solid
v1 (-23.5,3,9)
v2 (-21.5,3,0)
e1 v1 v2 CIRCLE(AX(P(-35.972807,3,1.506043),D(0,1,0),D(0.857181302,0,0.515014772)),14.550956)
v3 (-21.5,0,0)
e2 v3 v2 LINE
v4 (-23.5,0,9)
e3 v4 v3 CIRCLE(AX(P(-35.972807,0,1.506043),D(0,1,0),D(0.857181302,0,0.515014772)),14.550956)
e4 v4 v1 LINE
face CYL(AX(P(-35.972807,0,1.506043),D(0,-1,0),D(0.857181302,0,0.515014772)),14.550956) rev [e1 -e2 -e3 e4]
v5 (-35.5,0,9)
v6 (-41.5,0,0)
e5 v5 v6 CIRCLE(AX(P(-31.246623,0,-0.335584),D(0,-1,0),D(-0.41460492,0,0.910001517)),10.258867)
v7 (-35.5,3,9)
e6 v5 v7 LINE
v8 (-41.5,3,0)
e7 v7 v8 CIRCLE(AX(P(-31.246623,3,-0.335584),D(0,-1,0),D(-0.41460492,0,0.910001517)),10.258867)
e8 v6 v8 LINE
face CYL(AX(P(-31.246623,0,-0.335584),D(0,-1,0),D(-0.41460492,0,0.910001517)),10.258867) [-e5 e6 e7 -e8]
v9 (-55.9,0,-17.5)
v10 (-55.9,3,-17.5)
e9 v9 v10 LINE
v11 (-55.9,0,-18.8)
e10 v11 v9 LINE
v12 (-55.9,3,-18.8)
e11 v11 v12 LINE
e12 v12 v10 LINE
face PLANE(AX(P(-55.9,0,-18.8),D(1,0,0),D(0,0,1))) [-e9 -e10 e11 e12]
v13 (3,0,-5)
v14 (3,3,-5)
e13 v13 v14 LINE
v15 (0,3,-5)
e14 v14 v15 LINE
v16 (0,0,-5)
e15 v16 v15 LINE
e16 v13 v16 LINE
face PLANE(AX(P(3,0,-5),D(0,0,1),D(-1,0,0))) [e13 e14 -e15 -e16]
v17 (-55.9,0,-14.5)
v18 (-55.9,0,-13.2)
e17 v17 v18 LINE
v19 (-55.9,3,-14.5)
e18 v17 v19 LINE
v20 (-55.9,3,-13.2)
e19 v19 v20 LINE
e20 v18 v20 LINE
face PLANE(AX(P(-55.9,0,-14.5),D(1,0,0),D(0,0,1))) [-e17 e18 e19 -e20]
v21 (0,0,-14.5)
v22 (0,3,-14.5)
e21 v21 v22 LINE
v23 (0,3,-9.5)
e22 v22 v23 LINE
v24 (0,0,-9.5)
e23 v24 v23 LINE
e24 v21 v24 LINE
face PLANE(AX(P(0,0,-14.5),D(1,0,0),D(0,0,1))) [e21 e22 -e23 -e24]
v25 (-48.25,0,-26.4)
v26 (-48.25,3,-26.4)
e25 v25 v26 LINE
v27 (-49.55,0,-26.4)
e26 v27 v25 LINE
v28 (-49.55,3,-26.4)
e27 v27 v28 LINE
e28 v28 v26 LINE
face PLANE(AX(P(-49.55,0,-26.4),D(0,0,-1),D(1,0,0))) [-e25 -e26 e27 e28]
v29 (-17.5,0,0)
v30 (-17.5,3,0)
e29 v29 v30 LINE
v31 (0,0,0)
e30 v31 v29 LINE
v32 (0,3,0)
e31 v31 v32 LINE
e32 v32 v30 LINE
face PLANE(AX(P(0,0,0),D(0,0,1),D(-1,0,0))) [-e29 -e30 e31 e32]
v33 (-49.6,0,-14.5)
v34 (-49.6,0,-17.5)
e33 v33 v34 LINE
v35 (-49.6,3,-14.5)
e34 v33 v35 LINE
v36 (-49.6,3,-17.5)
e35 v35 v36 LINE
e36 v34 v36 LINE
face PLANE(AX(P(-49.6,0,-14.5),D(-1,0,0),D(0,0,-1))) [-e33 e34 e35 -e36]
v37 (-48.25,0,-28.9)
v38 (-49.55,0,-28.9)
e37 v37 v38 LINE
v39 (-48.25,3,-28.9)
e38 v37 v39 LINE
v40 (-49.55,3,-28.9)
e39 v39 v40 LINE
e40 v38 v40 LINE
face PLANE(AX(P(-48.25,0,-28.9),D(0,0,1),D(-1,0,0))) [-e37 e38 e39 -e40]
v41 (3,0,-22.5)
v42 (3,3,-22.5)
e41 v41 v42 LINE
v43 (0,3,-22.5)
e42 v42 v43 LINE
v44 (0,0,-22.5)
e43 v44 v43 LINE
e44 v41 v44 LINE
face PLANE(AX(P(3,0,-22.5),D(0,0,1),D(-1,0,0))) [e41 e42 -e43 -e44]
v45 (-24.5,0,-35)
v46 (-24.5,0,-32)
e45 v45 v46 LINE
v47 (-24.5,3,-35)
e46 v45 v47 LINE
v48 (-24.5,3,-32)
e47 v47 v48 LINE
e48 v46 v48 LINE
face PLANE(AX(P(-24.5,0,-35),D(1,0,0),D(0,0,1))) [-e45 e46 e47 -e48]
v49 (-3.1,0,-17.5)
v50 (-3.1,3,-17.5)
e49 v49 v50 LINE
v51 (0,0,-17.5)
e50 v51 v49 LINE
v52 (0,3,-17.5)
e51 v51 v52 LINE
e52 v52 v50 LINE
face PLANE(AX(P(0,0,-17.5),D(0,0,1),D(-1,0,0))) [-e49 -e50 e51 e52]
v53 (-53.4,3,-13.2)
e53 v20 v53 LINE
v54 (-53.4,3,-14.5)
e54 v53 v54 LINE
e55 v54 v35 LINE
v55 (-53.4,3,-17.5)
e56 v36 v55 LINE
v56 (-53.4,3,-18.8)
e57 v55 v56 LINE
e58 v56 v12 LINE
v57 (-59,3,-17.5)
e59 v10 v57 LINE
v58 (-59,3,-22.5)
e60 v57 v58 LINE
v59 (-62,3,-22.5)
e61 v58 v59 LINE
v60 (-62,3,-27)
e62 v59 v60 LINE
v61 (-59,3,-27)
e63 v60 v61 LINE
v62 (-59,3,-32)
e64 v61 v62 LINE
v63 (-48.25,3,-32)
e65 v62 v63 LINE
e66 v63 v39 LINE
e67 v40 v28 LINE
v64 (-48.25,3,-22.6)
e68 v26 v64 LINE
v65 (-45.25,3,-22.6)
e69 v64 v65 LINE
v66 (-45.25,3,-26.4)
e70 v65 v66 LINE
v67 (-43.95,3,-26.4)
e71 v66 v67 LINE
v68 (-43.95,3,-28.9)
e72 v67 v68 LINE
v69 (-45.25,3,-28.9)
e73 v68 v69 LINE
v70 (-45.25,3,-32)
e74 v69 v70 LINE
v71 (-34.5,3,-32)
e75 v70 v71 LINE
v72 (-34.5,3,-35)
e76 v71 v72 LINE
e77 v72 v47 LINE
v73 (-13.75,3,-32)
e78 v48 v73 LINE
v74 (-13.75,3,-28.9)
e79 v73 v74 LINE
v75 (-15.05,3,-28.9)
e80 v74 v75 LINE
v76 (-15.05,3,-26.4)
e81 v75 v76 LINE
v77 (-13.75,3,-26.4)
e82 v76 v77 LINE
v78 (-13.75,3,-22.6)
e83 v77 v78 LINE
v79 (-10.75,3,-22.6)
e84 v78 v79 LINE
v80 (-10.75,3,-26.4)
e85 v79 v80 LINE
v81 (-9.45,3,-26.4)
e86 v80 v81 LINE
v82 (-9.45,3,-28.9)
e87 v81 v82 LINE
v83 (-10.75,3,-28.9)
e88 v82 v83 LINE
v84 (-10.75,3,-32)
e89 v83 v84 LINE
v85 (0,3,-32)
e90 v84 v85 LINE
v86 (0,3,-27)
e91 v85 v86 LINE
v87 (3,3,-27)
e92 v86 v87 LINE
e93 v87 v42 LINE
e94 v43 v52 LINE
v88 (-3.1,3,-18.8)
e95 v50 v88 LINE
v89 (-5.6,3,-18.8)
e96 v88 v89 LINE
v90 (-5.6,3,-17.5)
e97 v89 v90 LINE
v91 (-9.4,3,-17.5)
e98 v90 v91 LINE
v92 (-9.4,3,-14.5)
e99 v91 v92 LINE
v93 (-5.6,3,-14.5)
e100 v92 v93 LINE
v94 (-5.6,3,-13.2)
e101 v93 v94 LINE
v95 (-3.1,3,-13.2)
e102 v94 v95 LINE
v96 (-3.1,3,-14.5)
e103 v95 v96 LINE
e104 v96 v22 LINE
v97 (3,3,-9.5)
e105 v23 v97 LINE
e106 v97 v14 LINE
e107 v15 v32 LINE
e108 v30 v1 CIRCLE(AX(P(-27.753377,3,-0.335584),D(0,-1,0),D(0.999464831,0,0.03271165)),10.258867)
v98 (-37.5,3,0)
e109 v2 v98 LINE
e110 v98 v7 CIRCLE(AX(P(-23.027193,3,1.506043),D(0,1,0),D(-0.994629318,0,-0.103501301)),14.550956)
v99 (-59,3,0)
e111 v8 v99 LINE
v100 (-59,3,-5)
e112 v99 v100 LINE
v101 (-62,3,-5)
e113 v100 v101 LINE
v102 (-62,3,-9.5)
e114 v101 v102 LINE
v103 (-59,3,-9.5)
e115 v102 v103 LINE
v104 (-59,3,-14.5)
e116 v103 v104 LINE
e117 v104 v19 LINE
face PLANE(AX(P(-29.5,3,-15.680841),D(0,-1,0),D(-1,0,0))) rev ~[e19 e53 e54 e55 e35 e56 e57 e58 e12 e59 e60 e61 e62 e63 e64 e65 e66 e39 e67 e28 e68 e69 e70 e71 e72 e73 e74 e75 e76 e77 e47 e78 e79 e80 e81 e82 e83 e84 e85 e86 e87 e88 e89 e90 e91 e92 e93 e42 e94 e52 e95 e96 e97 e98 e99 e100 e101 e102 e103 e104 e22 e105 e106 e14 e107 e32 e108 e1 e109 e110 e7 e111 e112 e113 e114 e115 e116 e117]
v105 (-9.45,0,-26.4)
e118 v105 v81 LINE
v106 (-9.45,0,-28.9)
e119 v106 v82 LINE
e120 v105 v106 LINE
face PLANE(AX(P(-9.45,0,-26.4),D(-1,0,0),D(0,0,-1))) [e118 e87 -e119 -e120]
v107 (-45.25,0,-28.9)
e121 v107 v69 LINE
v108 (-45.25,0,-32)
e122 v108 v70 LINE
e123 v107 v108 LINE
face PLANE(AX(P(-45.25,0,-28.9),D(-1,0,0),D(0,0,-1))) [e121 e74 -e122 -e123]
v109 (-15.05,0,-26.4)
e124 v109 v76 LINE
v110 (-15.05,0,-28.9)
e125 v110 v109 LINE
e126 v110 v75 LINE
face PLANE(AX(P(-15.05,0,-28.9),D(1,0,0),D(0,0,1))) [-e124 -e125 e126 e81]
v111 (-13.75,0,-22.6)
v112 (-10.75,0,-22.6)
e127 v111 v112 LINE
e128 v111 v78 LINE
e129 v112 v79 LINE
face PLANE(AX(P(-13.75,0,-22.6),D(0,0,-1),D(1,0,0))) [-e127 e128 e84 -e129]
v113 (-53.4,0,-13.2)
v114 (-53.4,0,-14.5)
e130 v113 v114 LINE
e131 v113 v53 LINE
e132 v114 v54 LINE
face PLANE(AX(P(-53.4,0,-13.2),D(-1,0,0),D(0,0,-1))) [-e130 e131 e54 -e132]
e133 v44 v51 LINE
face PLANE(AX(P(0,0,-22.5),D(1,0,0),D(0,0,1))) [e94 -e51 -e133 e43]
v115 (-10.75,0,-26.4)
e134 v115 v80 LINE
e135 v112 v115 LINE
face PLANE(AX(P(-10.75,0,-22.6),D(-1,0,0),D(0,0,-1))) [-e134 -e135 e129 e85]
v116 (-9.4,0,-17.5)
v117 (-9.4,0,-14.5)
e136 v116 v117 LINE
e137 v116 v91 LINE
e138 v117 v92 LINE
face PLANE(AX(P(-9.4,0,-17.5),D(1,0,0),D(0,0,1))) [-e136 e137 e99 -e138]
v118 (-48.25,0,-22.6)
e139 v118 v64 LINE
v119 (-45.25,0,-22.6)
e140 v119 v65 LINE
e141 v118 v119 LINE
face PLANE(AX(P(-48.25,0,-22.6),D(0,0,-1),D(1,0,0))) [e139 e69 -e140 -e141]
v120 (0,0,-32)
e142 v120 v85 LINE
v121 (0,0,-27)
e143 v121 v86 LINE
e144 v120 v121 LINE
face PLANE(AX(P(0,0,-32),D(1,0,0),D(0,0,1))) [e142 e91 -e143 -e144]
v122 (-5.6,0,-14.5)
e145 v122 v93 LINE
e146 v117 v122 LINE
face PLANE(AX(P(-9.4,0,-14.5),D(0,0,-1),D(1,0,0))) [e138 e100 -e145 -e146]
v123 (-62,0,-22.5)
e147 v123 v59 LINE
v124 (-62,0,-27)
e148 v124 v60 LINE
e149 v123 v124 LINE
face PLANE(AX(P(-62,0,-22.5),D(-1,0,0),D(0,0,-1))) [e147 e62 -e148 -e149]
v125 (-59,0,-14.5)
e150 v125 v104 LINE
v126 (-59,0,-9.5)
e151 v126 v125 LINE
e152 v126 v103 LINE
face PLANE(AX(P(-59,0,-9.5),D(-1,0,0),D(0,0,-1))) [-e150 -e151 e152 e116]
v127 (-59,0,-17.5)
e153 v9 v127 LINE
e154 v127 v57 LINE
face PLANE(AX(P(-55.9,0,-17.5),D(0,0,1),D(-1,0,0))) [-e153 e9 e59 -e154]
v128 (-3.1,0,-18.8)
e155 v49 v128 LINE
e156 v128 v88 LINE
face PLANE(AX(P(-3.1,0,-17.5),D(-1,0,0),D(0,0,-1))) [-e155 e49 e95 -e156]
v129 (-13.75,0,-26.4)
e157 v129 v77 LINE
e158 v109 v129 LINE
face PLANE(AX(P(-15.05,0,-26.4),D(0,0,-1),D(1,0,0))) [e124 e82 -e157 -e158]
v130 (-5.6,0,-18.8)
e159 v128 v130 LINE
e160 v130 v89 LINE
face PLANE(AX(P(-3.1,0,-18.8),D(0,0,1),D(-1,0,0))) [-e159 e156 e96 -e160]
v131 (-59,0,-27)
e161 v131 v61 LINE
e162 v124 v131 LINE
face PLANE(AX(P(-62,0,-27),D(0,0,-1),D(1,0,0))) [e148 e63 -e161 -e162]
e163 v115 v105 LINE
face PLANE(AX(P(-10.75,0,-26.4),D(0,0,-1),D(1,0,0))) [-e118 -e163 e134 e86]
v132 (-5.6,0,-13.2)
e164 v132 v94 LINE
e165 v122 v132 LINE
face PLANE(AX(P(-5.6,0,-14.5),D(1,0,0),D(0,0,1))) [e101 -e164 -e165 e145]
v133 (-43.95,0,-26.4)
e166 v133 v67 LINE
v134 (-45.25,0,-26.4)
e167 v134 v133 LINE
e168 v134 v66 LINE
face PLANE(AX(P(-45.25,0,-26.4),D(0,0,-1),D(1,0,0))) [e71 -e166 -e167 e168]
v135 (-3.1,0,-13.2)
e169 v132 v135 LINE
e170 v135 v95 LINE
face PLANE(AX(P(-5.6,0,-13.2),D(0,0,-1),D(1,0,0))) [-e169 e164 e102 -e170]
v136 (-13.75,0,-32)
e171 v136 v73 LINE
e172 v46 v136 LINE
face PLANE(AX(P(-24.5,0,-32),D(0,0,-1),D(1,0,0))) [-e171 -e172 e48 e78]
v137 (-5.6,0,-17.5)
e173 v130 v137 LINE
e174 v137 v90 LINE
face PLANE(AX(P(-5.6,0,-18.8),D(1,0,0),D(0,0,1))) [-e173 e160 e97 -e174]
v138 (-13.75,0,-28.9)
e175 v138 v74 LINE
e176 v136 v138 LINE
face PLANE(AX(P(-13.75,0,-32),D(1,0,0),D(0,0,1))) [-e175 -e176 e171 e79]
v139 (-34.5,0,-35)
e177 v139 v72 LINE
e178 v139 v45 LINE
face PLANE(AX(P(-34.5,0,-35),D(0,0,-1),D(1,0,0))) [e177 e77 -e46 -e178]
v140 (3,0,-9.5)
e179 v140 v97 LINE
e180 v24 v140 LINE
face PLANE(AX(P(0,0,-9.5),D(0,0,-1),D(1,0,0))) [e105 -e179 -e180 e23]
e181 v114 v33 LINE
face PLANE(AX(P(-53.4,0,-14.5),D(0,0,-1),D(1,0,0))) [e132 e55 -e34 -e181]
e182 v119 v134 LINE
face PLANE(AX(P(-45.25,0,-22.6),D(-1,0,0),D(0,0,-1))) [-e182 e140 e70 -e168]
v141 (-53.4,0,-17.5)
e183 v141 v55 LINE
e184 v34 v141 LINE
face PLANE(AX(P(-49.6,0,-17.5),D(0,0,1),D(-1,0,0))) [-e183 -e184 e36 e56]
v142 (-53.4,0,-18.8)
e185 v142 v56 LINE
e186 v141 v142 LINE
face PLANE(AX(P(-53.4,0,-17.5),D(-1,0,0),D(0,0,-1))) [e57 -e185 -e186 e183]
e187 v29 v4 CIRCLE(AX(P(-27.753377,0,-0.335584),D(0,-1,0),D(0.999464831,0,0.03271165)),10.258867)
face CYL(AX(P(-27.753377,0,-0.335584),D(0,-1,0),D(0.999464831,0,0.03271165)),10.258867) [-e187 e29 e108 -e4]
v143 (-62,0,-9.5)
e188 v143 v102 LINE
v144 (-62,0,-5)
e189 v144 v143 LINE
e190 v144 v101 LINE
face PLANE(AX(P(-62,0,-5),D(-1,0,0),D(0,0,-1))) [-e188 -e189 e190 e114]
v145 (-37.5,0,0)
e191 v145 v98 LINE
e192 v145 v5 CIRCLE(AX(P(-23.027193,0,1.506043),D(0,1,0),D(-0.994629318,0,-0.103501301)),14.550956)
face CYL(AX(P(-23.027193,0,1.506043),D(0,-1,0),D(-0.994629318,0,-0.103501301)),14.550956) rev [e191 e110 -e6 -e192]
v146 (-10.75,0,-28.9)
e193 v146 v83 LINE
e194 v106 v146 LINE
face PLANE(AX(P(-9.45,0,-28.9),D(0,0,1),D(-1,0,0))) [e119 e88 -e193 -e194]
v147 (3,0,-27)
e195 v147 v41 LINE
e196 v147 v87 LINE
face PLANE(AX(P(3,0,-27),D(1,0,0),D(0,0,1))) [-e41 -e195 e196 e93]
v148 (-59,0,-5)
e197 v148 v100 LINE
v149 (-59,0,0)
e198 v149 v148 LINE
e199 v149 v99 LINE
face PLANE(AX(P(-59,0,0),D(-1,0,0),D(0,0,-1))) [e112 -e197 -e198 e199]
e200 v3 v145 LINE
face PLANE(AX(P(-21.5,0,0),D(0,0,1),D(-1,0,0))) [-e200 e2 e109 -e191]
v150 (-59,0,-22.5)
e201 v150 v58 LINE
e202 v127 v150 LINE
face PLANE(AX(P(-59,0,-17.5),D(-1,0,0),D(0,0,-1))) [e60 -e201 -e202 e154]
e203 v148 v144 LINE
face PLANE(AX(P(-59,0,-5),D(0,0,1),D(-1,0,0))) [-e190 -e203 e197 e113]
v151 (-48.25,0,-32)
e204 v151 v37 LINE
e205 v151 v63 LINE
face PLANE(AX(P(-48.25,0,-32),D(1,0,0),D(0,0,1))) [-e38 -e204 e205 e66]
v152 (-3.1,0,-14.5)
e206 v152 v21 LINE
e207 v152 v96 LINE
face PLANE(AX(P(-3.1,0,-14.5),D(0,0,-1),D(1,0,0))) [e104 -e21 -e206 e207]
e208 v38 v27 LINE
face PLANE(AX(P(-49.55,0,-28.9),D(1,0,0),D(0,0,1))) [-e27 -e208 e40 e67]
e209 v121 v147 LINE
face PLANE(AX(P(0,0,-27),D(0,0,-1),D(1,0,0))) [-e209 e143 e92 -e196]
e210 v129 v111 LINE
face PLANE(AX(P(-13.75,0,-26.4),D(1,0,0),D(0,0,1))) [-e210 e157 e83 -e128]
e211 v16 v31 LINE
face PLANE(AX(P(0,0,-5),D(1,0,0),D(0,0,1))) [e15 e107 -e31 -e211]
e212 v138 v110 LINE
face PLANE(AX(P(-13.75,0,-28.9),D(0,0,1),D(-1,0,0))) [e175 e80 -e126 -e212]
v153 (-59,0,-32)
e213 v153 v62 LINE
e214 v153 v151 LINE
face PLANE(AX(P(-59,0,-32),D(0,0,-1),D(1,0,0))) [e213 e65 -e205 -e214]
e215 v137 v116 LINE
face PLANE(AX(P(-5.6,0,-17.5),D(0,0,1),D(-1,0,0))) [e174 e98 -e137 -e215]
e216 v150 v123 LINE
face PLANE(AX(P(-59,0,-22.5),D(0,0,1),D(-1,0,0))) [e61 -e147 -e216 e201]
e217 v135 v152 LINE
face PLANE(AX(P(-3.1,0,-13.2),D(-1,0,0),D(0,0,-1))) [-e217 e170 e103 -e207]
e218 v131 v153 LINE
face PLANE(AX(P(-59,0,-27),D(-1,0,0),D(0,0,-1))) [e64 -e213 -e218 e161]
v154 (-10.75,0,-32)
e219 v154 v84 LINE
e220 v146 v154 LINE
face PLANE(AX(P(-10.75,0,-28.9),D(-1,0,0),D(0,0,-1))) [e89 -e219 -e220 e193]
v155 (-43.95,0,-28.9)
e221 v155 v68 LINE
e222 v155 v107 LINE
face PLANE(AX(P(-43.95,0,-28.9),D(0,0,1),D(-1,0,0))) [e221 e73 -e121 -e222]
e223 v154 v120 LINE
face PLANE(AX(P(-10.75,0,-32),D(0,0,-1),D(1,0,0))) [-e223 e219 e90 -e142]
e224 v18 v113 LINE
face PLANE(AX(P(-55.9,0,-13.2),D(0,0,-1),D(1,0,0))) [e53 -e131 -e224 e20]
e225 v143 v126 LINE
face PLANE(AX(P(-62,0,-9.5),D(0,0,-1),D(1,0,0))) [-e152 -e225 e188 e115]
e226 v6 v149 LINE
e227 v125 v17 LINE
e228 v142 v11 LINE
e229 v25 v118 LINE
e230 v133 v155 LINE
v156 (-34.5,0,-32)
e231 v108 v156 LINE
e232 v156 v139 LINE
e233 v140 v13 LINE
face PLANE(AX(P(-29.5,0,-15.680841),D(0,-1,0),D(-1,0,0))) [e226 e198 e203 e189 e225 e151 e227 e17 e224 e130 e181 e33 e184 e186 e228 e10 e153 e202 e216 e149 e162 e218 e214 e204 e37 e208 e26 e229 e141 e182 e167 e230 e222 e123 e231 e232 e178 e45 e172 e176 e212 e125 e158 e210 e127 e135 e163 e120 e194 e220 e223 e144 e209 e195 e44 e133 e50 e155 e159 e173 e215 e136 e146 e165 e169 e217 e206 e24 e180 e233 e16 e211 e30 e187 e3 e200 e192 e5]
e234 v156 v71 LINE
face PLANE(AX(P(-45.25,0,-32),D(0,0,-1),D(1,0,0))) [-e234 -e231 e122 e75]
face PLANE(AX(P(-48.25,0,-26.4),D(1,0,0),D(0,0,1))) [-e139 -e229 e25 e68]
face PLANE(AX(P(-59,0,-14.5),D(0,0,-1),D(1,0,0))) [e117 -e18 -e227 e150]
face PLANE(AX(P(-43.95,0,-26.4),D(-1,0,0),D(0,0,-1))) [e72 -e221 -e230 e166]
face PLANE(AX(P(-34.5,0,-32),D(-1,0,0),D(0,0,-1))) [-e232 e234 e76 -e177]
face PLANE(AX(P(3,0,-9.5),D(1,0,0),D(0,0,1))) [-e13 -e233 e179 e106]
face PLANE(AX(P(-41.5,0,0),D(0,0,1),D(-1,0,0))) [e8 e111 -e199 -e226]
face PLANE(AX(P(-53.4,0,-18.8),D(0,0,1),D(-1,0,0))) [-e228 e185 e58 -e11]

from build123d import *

# Parameters (mm, degrees)
BOSS_EXTRUDE1_DEPTH = 3


with BuildPart() as part:
    # Sketch1 → Boss-Extrude1 (new body)
    with BuildSketch(Plane(origin=(0, 0, 0), x_dir=(1, 0, 0), z_dir=(0, 1, 0))):
        with BuildLine():
            Line((0, 27), (3, 27))
            Line((3, 27), (3, 22.5))
            Line((3, 22.5), (0, 22.5))
            Line((0, 22.5), (0, 17.5))
            Line((0, 17.5), (-3.1, 17.5))
            Line((-3.1, 17.5), (-3.1, 18.8))
            Line((-3.1, 18.8), (-5.6, 18.8))
            Line((-5.6, 18.8), (-5.6, 17.5))
            Line((-5.6, 17.5), (-9.4, 17.5))
            Line((-9.4, 17.5), (-9.4, 14.5))
            Line((-9.4, 14.5), (-5.6, 14.5))
            Line((-5.6, 14.5), (-5.6, 13.2))
            Line((-5.6, 13.2), (-3.1, 13.2))
            Line((-3.1, 13.2), (-3.1, 14.5))
            Line((-3.1, 14.5), (0, 14.5))
            Line((0, 14.5), (0, 9.5))
            Line((0, 9.5), (3, 9.5))
            Line((3, 9.5), (3, 5))
            Line((3, 5), (0, 5))
            Line((0, 5), (0, 0))
            Line((0, 0), (-17.5, 0))
            ThreePointArc((-17.5, 0), (-19.217483451, -5.355011032), (-23.5, -9))
            ThreePointArc((-23.5, -9), (-21.768352481, -4.662588338), (-21.5, 0))
            Line((-21.5, 0), (-37.5, 0))
            ThreePointArc((-37.5, 0), (-37.231647519, -4.662588338), (-35.5, -9))
            ThreePointArc((-35.5, -9), (-39.782516549, -5.355011032), (-41.5, 0))
            Line((-41.5, 0), (-59, 0))
            Line((-59, 0), (-59, 5))
            Line((-59, 5), (-62, 5))
            Line((-62, 5), (-62, 9.5))
            Line((-62, 9.5), (-59, 9.5))
            Line((-59, 9.5), (-59, 14.5))
            Line((-59, 14.5), (-55.9, 14.5))
            Line((-55.9, 14.5), (-55.9, 13.2))
            Line((-55.9, 13.2), (-53.4, 13.2))
            Line((-53.4, 13.2), (-53.4, 14.5))
            Line((-53.4, 14.5), (-49.6, 14.5))
            Line((-49.6, 14.5), (-49.6, 17.5))
            Line((-49.6, 17.5), (-53.4, 17.5))
            Line((-53.4, 17.5), (-53.4, 18.8))
            Line((-53.4, 18.8), (-55.9, 18.8))
            Line((-55.9, 18.8), (-55.9, 17.5))
            Line((-55.9, 17.5), (-59, 17.5))
            Line((-59, 17.5), (-59, 22.5))
            Line((-59, 22.5), (-62, 22.5))
            Line((-62, 22.5), (-62, 27))
            Line((-62, 27), (-59, 27))
            Line((-59, 27), (-59, 32))
            Line((-59, 32), (-48.25, 32))
            Line((-48.25, 32), (-48.25, 28.9))
            Line((-48.25, 28.9), (-49.55, 28.9))
            Line((-49.55, 28.9), (-49.55, 26.4))
            Line((-49.55, 26.4), (-48.25, 26.4))
            Line((-48.25, 26.4), (-48.25, 22.6))
            Line((-48.25, 22.6), (-45.25, 22.6))
            Line((-45.25, 22.6), (-45.25, 26.4))
            Line((-45.25, 26.4), (-43.95, 26.4))
            Line((-43.95, 26.4), (-43.95, 28.9))
            Line((-43.95, 28.9), (-45.25, 28.9))
            Line((-45.25, 28.9), (-45.25, 32))
            Line((-45.25, 32), (-34.5, 32))
            Line((-34.5, 32), (-34.5, 35))
            Line((-34.5, 35), (-24.5, 35))
            Line((-24.5, 35), (-24.5, 32))
            Line((-24.5, 32), (-13.75, 32))
            Line((-13.75, 32), (-13.75, 28.9))
            Line((-13.75, 28.9), (-15.05, 28.9))
            Line((-15.05, 28.9), (-15.05, 26.4))
            Line((-15.05, 26.4), (-13.75, 26.4))
            Line((-13.75, 26.4), (-13.75, 22.6))
            Line((-13.75, 22.6), (-10.75, 22.6))
            Line((-10.75, 22.6), (-10.75, 26.4))
            Line((-10.75, 26.4), (-9.45, 26.4))
            Line((-9.45, 26.4), (-9.45, 28.9))
            Line((-9.45, 28.9), (-10.75, 28.9))
            Line((-10.75, 28.9), (-10.75, 32))
            Line((-10.75, 32), (0, 32))
            Line((0, 32), (0, 27))
        make_face()
    extrude(amount=BOSS_EXTRUDE1_DEPTH)


solid = part.part
